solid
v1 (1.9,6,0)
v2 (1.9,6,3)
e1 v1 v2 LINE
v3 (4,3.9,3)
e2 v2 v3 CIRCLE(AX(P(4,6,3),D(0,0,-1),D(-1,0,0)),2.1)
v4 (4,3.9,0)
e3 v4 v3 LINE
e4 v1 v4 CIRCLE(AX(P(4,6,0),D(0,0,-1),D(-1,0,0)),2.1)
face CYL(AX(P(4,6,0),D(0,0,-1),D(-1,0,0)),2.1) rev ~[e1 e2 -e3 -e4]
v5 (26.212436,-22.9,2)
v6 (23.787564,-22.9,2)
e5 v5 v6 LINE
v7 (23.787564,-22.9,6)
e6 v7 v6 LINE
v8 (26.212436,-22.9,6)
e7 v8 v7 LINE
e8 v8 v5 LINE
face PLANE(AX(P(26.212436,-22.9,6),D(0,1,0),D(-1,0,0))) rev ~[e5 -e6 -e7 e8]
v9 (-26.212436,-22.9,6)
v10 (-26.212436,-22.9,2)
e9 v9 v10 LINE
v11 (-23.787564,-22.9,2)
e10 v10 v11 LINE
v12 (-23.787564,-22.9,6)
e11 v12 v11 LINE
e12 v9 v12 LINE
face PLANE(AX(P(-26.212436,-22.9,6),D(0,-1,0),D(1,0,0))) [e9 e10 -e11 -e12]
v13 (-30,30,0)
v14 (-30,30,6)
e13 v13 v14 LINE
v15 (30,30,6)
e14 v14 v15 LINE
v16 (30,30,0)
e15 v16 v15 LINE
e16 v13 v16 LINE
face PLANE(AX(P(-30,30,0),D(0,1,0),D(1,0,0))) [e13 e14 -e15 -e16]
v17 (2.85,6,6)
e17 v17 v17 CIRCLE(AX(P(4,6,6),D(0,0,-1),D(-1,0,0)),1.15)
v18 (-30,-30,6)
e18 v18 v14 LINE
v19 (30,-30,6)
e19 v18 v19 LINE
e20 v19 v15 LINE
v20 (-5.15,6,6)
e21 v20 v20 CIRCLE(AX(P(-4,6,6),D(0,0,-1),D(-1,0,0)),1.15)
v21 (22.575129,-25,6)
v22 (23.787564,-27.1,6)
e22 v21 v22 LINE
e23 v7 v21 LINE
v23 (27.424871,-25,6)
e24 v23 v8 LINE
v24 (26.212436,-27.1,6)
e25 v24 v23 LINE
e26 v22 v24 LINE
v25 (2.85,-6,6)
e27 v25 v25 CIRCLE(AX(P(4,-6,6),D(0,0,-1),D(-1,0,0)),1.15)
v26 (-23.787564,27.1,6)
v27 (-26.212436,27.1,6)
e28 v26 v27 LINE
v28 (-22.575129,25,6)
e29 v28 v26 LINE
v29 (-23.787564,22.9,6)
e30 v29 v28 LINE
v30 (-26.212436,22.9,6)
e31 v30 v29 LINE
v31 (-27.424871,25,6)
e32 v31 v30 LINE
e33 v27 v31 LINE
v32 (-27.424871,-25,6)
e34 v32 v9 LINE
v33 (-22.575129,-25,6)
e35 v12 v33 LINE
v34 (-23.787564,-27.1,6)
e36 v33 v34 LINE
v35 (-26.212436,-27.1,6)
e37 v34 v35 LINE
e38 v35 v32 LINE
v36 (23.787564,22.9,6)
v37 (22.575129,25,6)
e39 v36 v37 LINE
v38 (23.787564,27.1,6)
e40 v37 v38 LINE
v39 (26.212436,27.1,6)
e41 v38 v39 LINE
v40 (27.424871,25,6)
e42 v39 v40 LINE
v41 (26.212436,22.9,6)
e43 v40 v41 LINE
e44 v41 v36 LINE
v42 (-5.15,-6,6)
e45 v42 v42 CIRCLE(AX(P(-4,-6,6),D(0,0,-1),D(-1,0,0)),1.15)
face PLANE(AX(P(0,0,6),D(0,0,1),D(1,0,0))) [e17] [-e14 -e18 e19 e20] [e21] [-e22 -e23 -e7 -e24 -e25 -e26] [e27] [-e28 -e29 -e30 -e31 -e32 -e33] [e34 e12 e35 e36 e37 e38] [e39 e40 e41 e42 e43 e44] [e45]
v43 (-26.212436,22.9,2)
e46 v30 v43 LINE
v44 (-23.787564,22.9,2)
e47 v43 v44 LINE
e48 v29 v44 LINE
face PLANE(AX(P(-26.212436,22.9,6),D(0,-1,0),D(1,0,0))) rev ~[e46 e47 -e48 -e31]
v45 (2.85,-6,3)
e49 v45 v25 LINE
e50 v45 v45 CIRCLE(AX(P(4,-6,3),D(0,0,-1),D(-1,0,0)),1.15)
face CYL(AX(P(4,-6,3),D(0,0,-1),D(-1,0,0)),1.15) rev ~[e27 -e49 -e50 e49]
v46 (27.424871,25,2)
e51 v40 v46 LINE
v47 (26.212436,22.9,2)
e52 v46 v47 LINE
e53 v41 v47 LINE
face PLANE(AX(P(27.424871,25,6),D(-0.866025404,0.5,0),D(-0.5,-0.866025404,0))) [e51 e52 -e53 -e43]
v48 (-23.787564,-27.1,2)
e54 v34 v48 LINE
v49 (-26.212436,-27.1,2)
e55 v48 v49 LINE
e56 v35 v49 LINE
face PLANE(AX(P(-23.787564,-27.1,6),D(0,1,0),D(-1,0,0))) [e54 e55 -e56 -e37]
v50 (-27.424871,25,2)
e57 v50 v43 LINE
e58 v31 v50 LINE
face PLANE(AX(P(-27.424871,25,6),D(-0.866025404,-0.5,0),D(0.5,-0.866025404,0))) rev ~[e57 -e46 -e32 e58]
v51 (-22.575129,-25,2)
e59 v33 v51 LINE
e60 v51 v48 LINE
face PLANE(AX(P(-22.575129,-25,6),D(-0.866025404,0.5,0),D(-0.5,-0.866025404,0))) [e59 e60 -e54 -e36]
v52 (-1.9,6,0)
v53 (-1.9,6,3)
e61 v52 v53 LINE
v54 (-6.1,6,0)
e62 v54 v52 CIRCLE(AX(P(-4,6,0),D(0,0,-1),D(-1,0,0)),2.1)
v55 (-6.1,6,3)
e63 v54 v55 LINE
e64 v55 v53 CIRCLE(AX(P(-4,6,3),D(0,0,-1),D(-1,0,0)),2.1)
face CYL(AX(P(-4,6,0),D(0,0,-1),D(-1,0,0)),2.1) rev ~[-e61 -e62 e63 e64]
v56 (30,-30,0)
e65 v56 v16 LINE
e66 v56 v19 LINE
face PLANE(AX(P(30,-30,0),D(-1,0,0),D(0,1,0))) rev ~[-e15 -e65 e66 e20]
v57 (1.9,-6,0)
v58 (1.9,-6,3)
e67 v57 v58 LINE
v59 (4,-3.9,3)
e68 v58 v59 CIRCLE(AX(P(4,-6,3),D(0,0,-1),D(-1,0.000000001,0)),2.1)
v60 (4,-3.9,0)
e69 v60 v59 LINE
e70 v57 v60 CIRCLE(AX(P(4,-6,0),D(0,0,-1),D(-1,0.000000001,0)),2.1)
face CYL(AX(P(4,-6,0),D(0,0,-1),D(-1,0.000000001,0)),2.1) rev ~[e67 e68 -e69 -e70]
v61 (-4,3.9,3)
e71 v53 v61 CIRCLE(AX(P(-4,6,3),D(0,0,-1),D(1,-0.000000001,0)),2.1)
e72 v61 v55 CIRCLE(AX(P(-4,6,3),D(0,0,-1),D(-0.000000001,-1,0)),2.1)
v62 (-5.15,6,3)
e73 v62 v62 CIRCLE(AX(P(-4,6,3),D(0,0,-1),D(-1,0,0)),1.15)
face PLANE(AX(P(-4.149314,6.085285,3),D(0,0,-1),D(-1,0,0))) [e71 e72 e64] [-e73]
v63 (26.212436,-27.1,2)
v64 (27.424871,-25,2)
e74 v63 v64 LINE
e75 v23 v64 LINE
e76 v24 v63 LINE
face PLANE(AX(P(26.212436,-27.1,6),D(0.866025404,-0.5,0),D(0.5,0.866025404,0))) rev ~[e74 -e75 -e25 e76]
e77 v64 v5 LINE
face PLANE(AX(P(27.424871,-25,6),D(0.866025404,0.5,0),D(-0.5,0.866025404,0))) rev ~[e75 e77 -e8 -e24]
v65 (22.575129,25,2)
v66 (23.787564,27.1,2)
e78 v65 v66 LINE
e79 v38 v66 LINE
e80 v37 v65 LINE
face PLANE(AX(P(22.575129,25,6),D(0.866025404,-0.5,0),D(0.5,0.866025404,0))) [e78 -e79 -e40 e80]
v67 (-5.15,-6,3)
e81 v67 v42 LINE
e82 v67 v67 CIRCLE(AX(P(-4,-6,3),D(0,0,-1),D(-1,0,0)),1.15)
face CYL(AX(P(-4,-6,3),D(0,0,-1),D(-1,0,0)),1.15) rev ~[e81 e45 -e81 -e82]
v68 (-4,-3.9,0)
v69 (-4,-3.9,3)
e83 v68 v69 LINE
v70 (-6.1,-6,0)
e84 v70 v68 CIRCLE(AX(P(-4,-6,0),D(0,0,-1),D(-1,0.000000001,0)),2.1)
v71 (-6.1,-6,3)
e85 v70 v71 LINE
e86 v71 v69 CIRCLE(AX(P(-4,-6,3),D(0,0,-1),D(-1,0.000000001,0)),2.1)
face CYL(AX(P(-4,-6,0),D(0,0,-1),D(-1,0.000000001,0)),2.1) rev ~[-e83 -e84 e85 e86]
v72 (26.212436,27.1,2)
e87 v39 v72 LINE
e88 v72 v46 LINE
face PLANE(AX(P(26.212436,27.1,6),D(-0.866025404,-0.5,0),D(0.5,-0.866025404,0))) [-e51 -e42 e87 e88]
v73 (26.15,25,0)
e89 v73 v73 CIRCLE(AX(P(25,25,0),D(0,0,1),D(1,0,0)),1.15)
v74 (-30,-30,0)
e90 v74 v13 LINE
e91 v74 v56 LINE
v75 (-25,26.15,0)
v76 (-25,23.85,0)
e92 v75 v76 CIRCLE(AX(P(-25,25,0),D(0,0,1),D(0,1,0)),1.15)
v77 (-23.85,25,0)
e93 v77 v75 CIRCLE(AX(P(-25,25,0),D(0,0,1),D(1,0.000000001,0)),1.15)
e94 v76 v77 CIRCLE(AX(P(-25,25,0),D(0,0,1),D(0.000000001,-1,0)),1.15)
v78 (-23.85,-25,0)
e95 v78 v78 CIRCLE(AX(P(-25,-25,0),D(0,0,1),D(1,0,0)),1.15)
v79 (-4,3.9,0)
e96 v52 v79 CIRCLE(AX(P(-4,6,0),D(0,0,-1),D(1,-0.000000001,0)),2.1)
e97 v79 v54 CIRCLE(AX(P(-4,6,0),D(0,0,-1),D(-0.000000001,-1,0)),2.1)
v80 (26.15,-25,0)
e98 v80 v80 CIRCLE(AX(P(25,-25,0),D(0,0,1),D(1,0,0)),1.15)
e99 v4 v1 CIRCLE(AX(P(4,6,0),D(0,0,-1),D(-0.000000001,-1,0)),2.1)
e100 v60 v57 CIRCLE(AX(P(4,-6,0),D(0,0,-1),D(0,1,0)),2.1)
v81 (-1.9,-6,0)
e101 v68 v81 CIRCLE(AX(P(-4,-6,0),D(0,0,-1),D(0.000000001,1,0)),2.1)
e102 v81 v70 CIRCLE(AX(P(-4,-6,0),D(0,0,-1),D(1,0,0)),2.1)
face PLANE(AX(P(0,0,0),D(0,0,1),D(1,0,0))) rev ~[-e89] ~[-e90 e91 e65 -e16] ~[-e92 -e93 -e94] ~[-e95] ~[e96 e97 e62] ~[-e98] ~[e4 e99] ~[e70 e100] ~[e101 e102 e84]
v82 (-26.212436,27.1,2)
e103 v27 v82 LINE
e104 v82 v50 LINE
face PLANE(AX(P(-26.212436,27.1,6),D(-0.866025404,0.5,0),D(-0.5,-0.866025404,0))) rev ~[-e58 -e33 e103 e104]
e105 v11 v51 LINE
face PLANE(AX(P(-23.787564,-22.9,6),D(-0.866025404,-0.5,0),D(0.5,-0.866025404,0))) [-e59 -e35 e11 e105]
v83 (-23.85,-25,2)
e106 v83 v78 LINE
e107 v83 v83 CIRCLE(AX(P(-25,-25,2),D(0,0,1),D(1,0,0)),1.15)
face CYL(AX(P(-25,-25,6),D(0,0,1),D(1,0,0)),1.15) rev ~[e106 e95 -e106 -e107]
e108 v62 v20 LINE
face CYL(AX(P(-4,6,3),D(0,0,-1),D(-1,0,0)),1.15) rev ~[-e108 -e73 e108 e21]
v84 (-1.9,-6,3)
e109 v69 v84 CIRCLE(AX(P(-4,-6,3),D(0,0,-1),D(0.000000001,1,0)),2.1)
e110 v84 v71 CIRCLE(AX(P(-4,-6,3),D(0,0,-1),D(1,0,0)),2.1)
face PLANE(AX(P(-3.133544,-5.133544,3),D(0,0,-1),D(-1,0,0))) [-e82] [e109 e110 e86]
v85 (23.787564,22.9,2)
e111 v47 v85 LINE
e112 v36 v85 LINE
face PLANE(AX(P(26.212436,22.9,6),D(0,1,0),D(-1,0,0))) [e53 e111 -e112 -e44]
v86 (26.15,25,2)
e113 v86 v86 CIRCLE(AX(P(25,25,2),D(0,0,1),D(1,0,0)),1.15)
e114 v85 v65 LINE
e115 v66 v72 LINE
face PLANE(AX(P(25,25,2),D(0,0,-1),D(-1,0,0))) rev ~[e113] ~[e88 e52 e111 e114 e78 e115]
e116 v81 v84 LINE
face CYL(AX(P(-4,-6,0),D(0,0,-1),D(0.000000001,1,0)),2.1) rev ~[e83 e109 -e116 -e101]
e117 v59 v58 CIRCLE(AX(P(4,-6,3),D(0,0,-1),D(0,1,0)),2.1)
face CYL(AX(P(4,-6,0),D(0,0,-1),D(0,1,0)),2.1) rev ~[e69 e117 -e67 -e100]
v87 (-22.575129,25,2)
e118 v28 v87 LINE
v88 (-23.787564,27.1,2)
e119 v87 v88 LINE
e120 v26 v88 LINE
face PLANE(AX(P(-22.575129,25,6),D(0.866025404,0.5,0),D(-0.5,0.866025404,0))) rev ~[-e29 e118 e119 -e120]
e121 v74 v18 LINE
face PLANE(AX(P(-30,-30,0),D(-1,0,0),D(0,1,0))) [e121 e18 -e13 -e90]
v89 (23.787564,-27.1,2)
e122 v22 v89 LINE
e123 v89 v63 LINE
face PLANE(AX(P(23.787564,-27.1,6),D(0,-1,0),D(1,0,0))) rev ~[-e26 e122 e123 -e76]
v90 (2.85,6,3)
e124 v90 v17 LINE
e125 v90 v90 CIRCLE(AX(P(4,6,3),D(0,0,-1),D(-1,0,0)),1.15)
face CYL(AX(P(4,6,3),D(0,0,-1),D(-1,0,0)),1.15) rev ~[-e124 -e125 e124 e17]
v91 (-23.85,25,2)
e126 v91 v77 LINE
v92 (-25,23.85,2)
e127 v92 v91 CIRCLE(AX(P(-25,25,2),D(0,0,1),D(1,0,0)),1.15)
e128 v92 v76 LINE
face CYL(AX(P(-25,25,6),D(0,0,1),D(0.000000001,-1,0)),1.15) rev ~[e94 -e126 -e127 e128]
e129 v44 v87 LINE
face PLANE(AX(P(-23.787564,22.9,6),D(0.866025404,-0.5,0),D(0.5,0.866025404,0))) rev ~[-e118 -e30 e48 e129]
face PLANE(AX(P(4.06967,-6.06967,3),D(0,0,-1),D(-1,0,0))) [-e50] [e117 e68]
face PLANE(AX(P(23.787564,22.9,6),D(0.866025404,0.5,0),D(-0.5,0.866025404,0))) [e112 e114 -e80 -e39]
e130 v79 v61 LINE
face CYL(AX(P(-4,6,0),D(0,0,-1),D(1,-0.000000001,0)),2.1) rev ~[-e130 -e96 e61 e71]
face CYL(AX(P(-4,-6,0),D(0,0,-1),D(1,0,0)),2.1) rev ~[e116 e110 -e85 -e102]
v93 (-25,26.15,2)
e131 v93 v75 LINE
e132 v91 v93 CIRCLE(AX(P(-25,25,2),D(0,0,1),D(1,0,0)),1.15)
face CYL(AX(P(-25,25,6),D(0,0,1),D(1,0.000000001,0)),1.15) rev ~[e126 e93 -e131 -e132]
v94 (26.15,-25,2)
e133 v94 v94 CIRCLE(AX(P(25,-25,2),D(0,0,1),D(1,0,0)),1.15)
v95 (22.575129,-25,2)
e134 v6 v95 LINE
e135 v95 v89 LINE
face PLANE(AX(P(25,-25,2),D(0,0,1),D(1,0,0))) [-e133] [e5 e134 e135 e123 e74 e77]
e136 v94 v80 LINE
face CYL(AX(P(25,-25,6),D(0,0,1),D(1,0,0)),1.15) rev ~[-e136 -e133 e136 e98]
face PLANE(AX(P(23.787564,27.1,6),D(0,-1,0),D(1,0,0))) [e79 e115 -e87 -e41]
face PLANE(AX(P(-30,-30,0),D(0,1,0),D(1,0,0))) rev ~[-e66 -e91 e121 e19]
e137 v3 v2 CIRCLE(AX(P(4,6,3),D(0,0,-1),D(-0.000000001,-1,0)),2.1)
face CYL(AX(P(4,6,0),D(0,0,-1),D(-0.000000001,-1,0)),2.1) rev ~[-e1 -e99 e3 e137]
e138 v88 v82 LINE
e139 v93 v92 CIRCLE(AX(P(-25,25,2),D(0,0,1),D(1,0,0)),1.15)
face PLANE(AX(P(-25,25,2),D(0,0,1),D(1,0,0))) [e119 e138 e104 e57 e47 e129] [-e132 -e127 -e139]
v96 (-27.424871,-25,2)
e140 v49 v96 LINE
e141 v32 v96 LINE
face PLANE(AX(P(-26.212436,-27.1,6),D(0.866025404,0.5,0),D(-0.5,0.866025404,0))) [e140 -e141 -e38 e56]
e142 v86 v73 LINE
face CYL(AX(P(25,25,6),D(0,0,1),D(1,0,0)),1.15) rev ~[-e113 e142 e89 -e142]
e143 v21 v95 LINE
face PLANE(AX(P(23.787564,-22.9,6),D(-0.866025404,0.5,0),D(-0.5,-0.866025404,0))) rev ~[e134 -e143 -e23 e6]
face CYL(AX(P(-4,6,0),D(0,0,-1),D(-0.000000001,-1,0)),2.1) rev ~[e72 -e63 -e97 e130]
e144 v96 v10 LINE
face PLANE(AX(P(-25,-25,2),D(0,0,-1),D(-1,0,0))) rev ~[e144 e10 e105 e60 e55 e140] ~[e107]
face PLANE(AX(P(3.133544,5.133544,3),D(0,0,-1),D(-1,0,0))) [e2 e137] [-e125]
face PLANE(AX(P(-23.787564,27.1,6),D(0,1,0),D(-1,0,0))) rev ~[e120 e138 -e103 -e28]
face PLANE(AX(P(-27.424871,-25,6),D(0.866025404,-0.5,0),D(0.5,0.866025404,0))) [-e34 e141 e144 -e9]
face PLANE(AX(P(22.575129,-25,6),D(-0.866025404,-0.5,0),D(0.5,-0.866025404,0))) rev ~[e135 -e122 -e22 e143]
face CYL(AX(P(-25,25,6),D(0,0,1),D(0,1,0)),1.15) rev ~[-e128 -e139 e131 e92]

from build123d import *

# Parameters (mm, degrees)
SKETCH1_W           = 60
SKETCH1_H           = 60
BOSS_EXTRUDE1_DEPTH = 6
SKETCH2_R           = 1.15
CUT_EXTRUDE1_DEPTH  = 43.848570571
SKETCH3_R           = 1.15
CUT_EXTRUDE2_DEPTH  = 4
CUT_EXTRUDE3_DEPTH  = 3
SKETCH5_R           = 1.15
CUT_EXTRUDE4_DEPTH  = 43.532340636


with BuildPart() as part:
    # Sketch1 → Boss-Extrude1 (new body)
    with BuildSketch(Plane.XY):
        Rectangle(SKETCH1_W, SKETCH1_H)
    extrude(amount=BOSS_EXTRUDE1_DEPTH)

    # Sketch2 → Cut-Extrude1 (cut, through all)
    with BuildSketch(Plane.XY.offset(6)):
        with BuildLine():
            ThreePointArc((-25, 26.15), (-26.15, 25), (-25, 23.85))
            Line((-25, 23.85), (-25, 26.15))
        make_face()
        with BuildLine():
            Line((-25, 26.15), (-25, 23.85))
            ThreePointArc((-25, 23.85), (-24.186827202, 24.186827202), (-23.85, 25))
            ThreePointArc((-23.85, 25), (-24.186827202, 25.813172798), (-25, 26.15))
        make_face()
        with Locations((25, 25)):
            Circle(SKETCH2_R)
        with Locations((25, -25)):
            Circle(SKETCH2_R)
        with Locations((-25, -25)):
            Circle(SKETCH2_R)
    extrude(amount=-CUT_EXTRUDE1_DEPTH, mode=Mode.SUBTRACT)

    # Sketch3 → Cut-Extrude2 (cut)
    # profile 1 of 4: a face of its own
    with BuildSketch(Plane.XY.offset(6)):
        Polygon((-26.212435565, 22.9), (-23.787564435, 22.9), (-22.575128869, 25), (-23.787564435, 27.1), (-26.212435565, 27.1), (-27.424871131, 25), align=None)
        with Locations((-25, 25)):
            Circle(SKETCH3_R, mode=Mode.SUBTRACT)
    # profile 2 of 4: a face of its own
    with BuildSketch(Plane.XY.offset(6)):
        Polygon((22.575128869, 25), (23.787564435, 27.1), (26.212435565, 27.1), (27.424871131, 25), (26.212435565, 22.9), (23.787564435, 22.9), align=None)
        with Locations((25, 25)):
            Circle(SKETCH3_R, mode=Mode.SUBTRACT)
    # profile 3 of 4: a face of its own
    with BuildSketch(Plane.XY.offset(6)):
        Polygon((26.212435565, -22.9), (23.787564435, -22.9), (22.575128869, -25), (23.787564435, -27.1), (26.212435565, -27.1), (27.424871131, -25), align=None)
        with Locations((25, -25)):
            Circle(SKETCH3_R, mode=Mode.SUBTRACT)
    # profile 4 of 4: a face of its own
    with BuildSketch(Plane.XY.offset(6)):
        Polygon((-22.575128869, -25), (-23.787564435, -27.1), (-26.212435565, -27.1), (-27.424871131, -25), (-26.212435565, -22.9), (-23.787564435, -22.9), align=None)
        with Locations((-25, -25)):
            Circle(SKETCH3_R, mode=Mode.SUBTRACT)
    extrude(amount=-CUT_EXTRUDE2_DEPTH, mode=Mode.SUBTRACT)

    # Sketch4 → Cut-Extrude3 (cut)
    with BuildSketch(Plane(origin=(0, 0, 0), x_dir=(-1, 0, 0), z_dir=(0, 0, -1))):
        with BuildLine():
            ThreePointArc((-4, 3.9), (-2.51507576, 4.51507576), (-1.9, 6))
            Line((-1.9, 6), (-4, 6))
            Line((-4, 6), (-4, 3.9))
        make_face()
        with BuildLine():
            Line((-4, 6), (-1.9, 6))
            ThreePointArc((-1.9, 6), (-5.48492424, 7.48492424), (-4, 3.9))
            Line((-4, 3.9), (-4, 6))
        make_face()
        with BuildLine():
            ThreePointArc((6.1, 6), (4, 8.1), (1.9, 6))
            Line((1.9, 6), (4, 6))
            Line((4, 6), (4, 3.9))
            ThreePointArc((4, 3.9), (5.48492424, 4.51507576), (6.1, 6))
        make_face()
        with BuildLine():
            Line((4, 6), (1.9, 6))
            ThreePointArc((1.9, 6), (2.51507576, 4.51507576), (4, 3.9))
            Line((4, 3.9), (4, 6))
        make_face()
        with BuildLine():
            ThreePointArc((4, -3.9), (2.51507576, -4.51507576), (1.9, -6))
            Line((1.9, -6), (4, -6))
            Line((4, -6), (4, -3.9))
        make_face()
        with BuildLine():
            Line((4, -6), (1.9, -6))
            ThreePointArc((1.9, -6), (4, -8.1), (6.1, -6))
            ThreePointArc((6.1, -6), (5.48492424, -4.51507576), (4, -3.9))
            Line((4, -3.9), (4, -6))
        make_face()
        with BuildLine():
            ThreePointArc((-4, -3.9), (-5.48492424, -7.48492424), (-1.9, -6))
            Line((-1.9, -6), (-4, -6))
            Line((-4, -6), (-4, -3.9))
        make_face()
        with BuildLine():
            Line((-4, -6), (-1.9, -6))
            ThreePointArc((-1.9, -6), (-2.51507576, -4.51507576), (-4, -3.9))
            Line((-4, -3.9), (-4, -6))
        make_face()
    extrude(amount=-CUT_EXTRUDE3_DEPTH, mode=Mode.SUBTRACT)

    # Sketch5 → Cut-Extrude4 (cut, through all)
    with BuildSketch(Plane(origin=(0, 0, 3), x_dir=(-1, 0, 0), z_dir=(0, 0, -1))):
        with Locations((-4, 6)):
            Circle(SKETCH5_R)
        with Locations((4, 6)):
            Circle(SKETCH5_R)
        with Locations((4, -6)):
            Circle(SKETCH5_R)
        with Locations((-4, -6)):
            Circle(SKETCH5_R)
    extrude(amount=-CUT_EXTRUDE4_DEPTH, mode=Mode.SUBTRACT)


solid = part.part
